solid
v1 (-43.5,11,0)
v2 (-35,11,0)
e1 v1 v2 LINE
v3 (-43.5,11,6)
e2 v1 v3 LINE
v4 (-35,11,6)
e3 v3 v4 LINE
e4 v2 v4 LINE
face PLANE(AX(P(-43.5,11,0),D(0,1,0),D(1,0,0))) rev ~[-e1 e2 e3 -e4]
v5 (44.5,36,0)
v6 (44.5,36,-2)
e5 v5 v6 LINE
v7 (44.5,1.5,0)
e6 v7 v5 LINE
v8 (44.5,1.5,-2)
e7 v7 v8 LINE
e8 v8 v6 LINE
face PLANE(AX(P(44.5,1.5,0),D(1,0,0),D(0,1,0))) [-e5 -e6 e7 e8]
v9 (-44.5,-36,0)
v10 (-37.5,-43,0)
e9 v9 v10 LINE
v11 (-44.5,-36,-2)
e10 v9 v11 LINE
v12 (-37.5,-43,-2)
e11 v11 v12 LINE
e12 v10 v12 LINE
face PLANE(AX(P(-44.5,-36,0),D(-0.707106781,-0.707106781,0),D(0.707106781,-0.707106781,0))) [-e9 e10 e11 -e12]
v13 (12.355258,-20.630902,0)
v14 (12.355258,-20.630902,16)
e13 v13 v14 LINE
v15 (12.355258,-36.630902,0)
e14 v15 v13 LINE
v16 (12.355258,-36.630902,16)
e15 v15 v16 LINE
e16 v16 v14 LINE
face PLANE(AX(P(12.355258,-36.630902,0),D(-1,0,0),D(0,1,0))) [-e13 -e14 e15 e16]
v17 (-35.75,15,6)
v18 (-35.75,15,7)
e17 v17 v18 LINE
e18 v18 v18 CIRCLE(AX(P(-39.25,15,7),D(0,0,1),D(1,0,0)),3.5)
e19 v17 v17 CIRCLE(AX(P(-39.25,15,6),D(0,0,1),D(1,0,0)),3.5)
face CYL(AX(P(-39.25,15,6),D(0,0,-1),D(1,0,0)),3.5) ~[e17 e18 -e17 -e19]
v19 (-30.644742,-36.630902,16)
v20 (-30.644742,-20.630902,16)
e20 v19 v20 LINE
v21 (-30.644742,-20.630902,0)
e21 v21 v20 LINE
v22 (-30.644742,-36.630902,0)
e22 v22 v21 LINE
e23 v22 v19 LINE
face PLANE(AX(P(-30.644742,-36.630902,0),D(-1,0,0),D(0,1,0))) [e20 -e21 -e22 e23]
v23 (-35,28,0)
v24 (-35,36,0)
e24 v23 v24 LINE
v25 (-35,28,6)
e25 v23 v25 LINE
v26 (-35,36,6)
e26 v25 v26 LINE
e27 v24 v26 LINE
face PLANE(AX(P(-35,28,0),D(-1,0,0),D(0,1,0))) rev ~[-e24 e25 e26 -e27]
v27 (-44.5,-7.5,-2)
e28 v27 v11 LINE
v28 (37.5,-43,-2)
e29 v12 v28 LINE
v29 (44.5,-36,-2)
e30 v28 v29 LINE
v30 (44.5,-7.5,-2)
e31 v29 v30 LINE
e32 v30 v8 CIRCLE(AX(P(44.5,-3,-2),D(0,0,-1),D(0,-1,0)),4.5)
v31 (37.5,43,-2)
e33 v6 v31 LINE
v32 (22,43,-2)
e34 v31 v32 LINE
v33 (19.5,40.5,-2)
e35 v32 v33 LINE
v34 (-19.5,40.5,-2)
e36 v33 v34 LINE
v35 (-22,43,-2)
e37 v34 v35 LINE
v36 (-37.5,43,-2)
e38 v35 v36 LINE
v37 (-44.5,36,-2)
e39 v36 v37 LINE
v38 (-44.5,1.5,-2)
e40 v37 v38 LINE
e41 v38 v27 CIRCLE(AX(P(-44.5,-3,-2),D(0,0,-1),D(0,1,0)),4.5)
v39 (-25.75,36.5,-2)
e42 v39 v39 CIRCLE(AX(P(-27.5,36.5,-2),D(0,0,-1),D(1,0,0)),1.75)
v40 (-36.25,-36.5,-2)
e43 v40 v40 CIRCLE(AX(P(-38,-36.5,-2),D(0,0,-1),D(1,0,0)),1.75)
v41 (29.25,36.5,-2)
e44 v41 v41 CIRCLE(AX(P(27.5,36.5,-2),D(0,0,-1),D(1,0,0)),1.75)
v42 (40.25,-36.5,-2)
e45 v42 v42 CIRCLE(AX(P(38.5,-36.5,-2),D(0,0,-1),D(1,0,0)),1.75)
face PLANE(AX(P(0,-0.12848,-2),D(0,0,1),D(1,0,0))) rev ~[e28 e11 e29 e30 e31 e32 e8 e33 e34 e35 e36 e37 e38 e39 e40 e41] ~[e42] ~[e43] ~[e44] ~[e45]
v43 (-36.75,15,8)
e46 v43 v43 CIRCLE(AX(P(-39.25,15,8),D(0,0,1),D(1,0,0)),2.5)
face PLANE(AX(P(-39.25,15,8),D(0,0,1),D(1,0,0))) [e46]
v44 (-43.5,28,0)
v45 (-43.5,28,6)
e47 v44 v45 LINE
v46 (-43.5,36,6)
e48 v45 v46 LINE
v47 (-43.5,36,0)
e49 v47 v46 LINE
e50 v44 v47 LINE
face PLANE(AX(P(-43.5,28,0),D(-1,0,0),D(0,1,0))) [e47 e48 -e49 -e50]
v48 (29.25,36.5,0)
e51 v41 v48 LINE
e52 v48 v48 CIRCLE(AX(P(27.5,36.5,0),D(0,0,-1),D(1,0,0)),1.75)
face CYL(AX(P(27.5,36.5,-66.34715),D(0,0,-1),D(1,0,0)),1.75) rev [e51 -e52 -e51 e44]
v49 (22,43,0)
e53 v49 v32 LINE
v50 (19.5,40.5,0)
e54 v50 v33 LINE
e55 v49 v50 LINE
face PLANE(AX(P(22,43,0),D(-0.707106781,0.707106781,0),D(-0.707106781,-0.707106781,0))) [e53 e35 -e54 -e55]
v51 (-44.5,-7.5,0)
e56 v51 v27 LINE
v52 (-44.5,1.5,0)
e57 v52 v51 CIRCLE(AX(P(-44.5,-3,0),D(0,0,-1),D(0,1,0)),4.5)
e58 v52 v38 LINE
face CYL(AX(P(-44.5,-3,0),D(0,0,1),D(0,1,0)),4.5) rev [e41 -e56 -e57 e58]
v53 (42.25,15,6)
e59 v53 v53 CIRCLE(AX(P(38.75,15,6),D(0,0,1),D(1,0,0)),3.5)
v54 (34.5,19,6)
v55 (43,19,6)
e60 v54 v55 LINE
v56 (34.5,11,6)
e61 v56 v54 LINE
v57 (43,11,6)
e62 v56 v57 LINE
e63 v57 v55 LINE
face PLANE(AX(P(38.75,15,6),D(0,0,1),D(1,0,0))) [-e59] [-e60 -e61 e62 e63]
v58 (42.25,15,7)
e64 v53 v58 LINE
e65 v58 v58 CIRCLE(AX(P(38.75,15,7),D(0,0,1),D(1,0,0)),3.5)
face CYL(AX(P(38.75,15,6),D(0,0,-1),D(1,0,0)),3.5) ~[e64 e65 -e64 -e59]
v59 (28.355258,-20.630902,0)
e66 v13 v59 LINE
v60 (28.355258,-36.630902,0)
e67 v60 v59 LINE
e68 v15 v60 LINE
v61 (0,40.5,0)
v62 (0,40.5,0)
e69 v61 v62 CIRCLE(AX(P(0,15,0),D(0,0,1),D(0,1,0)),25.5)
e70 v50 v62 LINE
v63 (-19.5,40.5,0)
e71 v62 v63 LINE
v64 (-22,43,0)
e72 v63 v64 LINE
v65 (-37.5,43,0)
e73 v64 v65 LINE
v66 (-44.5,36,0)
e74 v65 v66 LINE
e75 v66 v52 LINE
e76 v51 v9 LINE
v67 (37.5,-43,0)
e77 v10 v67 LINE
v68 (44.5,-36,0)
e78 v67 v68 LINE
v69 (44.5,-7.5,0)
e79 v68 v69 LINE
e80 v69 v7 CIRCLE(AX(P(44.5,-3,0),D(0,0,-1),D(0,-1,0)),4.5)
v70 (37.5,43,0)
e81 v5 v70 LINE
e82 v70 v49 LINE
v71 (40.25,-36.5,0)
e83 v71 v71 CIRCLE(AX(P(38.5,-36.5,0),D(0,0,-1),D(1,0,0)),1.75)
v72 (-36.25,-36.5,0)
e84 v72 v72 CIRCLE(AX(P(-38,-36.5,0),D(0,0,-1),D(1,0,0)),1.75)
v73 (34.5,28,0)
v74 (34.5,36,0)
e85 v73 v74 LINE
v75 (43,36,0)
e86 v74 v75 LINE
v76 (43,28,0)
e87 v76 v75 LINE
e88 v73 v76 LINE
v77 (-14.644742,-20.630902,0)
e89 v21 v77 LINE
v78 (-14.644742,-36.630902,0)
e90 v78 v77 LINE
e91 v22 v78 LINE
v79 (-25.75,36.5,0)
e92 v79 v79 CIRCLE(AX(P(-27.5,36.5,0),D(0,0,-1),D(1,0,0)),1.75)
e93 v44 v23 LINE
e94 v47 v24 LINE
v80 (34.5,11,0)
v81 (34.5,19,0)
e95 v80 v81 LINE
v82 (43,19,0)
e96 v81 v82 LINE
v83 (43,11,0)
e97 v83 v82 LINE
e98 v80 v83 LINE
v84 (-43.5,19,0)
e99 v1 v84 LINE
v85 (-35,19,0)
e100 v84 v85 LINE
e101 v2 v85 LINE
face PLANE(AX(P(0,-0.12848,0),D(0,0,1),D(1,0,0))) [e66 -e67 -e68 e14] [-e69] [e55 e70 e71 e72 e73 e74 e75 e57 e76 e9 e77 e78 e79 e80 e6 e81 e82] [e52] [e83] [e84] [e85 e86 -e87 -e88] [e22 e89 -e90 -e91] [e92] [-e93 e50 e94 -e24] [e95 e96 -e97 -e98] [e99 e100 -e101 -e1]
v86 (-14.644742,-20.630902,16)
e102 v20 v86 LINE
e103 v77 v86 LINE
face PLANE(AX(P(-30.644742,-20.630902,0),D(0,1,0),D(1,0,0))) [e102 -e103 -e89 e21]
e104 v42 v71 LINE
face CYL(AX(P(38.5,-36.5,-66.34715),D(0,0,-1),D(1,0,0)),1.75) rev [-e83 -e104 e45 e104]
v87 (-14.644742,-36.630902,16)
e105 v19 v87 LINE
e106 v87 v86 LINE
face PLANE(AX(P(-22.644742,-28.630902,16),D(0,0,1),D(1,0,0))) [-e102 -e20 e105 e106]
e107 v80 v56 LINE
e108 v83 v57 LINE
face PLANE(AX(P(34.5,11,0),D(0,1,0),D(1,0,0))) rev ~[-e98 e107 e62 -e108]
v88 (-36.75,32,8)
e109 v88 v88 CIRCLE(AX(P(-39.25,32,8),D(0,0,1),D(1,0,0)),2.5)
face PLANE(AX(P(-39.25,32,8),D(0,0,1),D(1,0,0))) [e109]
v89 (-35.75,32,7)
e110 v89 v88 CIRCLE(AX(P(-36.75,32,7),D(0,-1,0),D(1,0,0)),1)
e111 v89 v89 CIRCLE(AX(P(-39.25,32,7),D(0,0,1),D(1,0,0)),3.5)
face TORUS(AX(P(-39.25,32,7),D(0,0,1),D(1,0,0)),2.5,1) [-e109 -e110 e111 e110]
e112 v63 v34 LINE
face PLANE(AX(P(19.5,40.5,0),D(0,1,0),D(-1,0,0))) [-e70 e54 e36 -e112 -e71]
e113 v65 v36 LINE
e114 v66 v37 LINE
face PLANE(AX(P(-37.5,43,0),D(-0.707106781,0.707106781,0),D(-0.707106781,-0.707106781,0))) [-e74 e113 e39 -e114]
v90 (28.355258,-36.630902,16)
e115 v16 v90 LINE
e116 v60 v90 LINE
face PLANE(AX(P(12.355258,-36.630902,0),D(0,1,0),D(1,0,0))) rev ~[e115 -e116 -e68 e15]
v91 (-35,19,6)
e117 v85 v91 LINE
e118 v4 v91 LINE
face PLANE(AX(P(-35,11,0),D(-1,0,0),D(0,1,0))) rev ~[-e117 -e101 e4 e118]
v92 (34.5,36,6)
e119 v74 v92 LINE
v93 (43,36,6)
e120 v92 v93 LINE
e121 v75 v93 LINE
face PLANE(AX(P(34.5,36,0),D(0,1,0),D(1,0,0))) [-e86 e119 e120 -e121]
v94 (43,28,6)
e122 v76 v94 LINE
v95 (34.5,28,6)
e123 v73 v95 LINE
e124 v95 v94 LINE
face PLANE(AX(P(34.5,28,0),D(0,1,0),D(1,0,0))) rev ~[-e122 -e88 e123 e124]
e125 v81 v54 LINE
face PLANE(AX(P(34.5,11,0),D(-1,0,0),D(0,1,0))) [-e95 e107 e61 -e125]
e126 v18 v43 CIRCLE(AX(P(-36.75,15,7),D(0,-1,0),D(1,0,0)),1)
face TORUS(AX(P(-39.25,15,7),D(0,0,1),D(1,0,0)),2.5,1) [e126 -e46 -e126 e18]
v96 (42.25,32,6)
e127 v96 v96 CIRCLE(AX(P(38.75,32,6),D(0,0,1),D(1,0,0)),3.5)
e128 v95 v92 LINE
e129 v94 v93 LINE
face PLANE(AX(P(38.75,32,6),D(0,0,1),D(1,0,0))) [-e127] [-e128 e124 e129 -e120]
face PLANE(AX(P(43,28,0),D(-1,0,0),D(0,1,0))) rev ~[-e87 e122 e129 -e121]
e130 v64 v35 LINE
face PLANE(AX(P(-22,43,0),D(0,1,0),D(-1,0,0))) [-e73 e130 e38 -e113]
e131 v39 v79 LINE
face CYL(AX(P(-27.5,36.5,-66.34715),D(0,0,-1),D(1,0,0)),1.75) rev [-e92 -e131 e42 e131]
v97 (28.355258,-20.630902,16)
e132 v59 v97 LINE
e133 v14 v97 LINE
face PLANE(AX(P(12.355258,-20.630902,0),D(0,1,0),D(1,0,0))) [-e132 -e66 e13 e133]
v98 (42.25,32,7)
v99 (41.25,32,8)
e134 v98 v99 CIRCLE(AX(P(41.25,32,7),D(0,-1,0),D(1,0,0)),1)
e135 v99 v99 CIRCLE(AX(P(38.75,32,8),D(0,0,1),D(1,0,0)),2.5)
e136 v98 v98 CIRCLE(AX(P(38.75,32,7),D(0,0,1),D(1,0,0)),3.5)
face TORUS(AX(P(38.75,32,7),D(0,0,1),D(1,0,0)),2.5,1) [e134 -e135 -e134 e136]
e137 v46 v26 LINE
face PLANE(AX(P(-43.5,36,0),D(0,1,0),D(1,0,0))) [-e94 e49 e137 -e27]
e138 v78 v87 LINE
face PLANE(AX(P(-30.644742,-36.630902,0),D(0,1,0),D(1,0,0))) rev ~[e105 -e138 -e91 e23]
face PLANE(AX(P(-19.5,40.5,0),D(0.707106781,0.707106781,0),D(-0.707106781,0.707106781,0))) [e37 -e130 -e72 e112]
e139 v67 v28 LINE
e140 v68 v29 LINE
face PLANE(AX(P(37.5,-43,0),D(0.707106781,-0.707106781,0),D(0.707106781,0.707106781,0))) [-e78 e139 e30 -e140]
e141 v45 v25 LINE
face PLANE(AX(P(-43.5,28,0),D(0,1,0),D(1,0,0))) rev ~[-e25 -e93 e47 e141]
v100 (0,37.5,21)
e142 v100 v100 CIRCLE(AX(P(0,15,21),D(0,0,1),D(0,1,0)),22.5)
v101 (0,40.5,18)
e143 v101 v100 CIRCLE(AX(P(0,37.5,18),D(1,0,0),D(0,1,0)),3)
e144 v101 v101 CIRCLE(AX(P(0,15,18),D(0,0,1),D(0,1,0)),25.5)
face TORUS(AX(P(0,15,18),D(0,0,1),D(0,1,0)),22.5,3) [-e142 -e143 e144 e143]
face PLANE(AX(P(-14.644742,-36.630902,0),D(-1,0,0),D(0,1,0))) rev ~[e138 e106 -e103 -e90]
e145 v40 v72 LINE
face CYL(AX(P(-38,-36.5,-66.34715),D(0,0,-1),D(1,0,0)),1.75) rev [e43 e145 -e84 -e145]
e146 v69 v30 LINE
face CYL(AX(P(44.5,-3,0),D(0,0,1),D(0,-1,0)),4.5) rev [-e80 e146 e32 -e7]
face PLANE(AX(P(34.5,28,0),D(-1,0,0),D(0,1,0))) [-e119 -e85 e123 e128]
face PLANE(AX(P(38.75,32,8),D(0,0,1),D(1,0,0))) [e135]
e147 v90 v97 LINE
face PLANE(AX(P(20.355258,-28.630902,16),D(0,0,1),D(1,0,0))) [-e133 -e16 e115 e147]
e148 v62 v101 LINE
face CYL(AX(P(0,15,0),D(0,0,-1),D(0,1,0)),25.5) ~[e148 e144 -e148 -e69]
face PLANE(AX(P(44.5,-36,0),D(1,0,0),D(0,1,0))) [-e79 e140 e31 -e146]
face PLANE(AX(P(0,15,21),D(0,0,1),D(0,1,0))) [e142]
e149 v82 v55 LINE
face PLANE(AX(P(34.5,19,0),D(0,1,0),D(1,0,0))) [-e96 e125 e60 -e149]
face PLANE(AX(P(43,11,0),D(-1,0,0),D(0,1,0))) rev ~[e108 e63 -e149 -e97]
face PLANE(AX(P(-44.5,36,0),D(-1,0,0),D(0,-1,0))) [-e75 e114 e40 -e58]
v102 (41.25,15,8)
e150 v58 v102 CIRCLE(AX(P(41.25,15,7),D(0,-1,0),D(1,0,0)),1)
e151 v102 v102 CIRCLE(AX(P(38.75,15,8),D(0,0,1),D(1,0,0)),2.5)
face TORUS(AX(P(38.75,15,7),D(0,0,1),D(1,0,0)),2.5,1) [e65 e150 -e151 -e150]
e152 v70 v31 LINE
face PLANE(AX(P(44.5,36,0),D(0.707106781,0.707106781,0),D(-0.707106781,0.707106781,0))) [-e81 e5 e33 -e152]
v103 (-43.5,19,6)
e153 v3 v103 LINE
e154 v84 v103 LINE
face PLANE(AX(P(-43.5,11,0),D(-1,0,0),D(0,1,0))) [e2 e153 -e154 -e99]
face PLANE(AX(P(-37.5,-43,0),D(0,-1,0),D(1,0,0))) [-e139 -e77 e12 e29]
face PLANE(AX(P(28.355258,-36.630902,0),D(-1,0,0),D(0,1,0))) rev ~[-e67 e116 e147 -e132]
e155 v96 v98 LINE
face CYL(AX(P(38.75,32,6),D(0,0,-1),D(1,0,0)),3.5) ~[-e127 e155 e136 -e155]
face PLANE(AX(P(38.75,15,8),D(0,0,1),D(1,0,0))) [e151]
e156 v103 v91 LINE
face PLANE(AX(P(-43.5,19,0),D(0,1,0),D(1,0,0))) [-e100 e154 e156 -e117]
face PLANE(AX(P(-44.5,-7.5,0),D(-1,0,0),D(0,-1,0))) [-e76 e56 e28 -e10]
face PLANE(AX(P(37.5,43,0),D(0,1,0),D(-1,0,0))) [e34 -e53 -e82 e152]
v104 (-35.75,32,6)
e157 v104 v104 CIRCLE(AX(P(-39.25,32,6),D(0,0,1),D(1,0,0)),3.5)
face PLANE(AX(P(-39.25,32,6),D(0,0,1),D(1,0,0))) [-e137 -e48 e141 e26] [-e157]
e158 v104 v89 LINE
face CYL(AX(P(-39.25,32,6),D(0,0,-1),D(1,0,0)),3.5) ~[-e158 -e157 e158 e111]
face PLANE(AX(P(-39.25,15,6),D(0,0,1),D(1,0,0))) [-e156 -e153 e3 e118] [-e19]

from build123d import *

# Parameters (mm, degrees)
BOSS_EXTRUDE1_DEPTH     = 2
SKETCH2_W               = 8.5
SKETCH2_H               = 8
BOSS_EXTRUDE2_DEPTH     = 6
SKETCH3_R               = 3.5
BOSS_EXTRUDE3_DEPTH     = 2
FILLET1_R               = 1
SKETCH4_R               = 25.5
BOSS_EXTRUDE4_DEPTH     = 21
FILLET2_R               = 3
SKETCH6_W               = 16
SKETCH6_H               = 16
BOSS_EXTRUDE5_DEPTH     = 16
CUT_EXTRUDE1_DEPTH      = 66.3471499
CUT_EXTRUDE1_DEPTH_BACK = 66.3471499
SKETCH7_R               = 1.75


with BuildPart() as part:
    # Sketch1 → Boss-Extrude1 (new body)
    with BuildSketch(Plane.XY):
        with BuildLine():
            Line((44.5, 36), (37.5, 43))
            Line((37.5, 43), (22, 43))
            Line((22, 43), (19.5, 40.5))
            Line((19.5, 40.5), (-19.5, 40.5))
            Line((-19.5, 40.5), (-22, 43))
            Line((-22, 43), (-37.5, 43))
            Line((-37.5, 43), (-44.5, 36))
            Line((-44.5, 36), (-44.5, 1.5))
            ThreePointArc((-44.5, 1.5), (-40, -3), (-44.5, -7.5))
            Line((-44.5, -7.5), (-44.5, -36))
            Line((-44.5, -36), (-37.5, -43))
            Line((-37.5, -43), (37.5, -43))
            Line((37.5, -43), (44.5, -36))
            Line((44.5, -36), (44.5, -7.5))
            ThreePointArc((44.5, -7.5), (40, -3), (44.5, 1.5))
            Line((44.5, 1.5), (44.5, 36))
        make_face()
    extrude(amount=-BOSS_EXTRUDE1_DEPTH)

    # Sketch2 → Boss-Extrude2 (add)
    with BuildSketch(Plane.XY):
        with Locations((-39.25, 32)):
            Rectangle(SKETCH2_W, SKETCH2_H)
        with Locations((38.75, 32)):
            Rectangle(SKETCH2_W, SKETCH2_H)
        with Locations((38.75, 15)):
            Rectangle(SKETCH2_W, SKETCH2_H)
        with Locations((-39.25, 15)):
            Rectangle(SKETCH2_W, SKETCH2_H)
    extrude(amount=BOSS_EXTRUDE2_DEPTH)

    # Sketch3 → Boss-Extrude3 (add)
    with BuildSketch(Plane.XY.offset(6)):
        with Locations((-39.25, 32)):
            Circle(SKETCH3_R)
        with Locations((38.75, 32)):
            Circle(SKETCH3_R)
        with Locations((38.75, 15)):
            Circle(SKETCH3_R)
        with Locations((-39.25, 15)):
            Circle(SKETCH3_R)
    extrude(amount=BOSS_EXTRUDE3_DEPTH)

    # Fillet1
    fillet1_edges = [part.edges().sort_by_distance(p)[0] for p in [
        (35.25, 32, 8),
        (35.25, 15, 8),
        (-42.75, 15, 8),
        (-42.75, 32, 8),
    ]]
    fillet(fillet1_edges, radius=FILLET1_R)

    # Sketch4 → Boss-Extrude4 (add)
    with BuildSketch(Plane.XY):
        with Locations(Location((0, 15, 0), (0, 0, 90))):
            Circle(SKETCH4_R)
    extrude(amount=BOSS_EXTRUDE4_DEPTH)

    # Fillet2
    fillet2_edges = [part.edges().sort_by_distance(p)[0] for p in [
        (0, -10.5, 21),
    ]]
    fillet(fillet2_edges, radius=FILLET2_R)

    # Sketch6 → Boss-Extrude5 (add)
    with BuildSketch(Plane.XY):
        with Locations((20.355257786, -28.630901536)):
            Rectangle(SKETCH6_W, SKETCH6_H)
        with Locations((-22.644742214, -28.630901536)):
            Rectangle(SKETCH6_W, SKETCH6_H)
    extrude(amount=BOSS_EXTRUDE5_DEPTH)

    # Sketch7 → Cut-Extrude1 (cut, two sides: drawn at the far end of the back side and taken through both)
    with BuildSketch(Plane.XY.offset(-CUT_EXTRUDE1_DEPTH_BACK)):
        with Locations((-27.5, 36.5)):
            Circle(SKETCH7_R)
        with Locations((27.5, 36.5)):
            Circle(SKETCH7_R)
        with Locations((-38, -36.5)):
            Circle(SKETCH7_R)
        with Locations((38.5, -36.5)):
            Circle(SKETCH7_R)
    extrude(amount=CUT_EXTRUDE1_DEPTH + CUT_EXTRUDE1_DEPTH_BACK, mode=Mode.SUBTRACT)


solid = part.part
